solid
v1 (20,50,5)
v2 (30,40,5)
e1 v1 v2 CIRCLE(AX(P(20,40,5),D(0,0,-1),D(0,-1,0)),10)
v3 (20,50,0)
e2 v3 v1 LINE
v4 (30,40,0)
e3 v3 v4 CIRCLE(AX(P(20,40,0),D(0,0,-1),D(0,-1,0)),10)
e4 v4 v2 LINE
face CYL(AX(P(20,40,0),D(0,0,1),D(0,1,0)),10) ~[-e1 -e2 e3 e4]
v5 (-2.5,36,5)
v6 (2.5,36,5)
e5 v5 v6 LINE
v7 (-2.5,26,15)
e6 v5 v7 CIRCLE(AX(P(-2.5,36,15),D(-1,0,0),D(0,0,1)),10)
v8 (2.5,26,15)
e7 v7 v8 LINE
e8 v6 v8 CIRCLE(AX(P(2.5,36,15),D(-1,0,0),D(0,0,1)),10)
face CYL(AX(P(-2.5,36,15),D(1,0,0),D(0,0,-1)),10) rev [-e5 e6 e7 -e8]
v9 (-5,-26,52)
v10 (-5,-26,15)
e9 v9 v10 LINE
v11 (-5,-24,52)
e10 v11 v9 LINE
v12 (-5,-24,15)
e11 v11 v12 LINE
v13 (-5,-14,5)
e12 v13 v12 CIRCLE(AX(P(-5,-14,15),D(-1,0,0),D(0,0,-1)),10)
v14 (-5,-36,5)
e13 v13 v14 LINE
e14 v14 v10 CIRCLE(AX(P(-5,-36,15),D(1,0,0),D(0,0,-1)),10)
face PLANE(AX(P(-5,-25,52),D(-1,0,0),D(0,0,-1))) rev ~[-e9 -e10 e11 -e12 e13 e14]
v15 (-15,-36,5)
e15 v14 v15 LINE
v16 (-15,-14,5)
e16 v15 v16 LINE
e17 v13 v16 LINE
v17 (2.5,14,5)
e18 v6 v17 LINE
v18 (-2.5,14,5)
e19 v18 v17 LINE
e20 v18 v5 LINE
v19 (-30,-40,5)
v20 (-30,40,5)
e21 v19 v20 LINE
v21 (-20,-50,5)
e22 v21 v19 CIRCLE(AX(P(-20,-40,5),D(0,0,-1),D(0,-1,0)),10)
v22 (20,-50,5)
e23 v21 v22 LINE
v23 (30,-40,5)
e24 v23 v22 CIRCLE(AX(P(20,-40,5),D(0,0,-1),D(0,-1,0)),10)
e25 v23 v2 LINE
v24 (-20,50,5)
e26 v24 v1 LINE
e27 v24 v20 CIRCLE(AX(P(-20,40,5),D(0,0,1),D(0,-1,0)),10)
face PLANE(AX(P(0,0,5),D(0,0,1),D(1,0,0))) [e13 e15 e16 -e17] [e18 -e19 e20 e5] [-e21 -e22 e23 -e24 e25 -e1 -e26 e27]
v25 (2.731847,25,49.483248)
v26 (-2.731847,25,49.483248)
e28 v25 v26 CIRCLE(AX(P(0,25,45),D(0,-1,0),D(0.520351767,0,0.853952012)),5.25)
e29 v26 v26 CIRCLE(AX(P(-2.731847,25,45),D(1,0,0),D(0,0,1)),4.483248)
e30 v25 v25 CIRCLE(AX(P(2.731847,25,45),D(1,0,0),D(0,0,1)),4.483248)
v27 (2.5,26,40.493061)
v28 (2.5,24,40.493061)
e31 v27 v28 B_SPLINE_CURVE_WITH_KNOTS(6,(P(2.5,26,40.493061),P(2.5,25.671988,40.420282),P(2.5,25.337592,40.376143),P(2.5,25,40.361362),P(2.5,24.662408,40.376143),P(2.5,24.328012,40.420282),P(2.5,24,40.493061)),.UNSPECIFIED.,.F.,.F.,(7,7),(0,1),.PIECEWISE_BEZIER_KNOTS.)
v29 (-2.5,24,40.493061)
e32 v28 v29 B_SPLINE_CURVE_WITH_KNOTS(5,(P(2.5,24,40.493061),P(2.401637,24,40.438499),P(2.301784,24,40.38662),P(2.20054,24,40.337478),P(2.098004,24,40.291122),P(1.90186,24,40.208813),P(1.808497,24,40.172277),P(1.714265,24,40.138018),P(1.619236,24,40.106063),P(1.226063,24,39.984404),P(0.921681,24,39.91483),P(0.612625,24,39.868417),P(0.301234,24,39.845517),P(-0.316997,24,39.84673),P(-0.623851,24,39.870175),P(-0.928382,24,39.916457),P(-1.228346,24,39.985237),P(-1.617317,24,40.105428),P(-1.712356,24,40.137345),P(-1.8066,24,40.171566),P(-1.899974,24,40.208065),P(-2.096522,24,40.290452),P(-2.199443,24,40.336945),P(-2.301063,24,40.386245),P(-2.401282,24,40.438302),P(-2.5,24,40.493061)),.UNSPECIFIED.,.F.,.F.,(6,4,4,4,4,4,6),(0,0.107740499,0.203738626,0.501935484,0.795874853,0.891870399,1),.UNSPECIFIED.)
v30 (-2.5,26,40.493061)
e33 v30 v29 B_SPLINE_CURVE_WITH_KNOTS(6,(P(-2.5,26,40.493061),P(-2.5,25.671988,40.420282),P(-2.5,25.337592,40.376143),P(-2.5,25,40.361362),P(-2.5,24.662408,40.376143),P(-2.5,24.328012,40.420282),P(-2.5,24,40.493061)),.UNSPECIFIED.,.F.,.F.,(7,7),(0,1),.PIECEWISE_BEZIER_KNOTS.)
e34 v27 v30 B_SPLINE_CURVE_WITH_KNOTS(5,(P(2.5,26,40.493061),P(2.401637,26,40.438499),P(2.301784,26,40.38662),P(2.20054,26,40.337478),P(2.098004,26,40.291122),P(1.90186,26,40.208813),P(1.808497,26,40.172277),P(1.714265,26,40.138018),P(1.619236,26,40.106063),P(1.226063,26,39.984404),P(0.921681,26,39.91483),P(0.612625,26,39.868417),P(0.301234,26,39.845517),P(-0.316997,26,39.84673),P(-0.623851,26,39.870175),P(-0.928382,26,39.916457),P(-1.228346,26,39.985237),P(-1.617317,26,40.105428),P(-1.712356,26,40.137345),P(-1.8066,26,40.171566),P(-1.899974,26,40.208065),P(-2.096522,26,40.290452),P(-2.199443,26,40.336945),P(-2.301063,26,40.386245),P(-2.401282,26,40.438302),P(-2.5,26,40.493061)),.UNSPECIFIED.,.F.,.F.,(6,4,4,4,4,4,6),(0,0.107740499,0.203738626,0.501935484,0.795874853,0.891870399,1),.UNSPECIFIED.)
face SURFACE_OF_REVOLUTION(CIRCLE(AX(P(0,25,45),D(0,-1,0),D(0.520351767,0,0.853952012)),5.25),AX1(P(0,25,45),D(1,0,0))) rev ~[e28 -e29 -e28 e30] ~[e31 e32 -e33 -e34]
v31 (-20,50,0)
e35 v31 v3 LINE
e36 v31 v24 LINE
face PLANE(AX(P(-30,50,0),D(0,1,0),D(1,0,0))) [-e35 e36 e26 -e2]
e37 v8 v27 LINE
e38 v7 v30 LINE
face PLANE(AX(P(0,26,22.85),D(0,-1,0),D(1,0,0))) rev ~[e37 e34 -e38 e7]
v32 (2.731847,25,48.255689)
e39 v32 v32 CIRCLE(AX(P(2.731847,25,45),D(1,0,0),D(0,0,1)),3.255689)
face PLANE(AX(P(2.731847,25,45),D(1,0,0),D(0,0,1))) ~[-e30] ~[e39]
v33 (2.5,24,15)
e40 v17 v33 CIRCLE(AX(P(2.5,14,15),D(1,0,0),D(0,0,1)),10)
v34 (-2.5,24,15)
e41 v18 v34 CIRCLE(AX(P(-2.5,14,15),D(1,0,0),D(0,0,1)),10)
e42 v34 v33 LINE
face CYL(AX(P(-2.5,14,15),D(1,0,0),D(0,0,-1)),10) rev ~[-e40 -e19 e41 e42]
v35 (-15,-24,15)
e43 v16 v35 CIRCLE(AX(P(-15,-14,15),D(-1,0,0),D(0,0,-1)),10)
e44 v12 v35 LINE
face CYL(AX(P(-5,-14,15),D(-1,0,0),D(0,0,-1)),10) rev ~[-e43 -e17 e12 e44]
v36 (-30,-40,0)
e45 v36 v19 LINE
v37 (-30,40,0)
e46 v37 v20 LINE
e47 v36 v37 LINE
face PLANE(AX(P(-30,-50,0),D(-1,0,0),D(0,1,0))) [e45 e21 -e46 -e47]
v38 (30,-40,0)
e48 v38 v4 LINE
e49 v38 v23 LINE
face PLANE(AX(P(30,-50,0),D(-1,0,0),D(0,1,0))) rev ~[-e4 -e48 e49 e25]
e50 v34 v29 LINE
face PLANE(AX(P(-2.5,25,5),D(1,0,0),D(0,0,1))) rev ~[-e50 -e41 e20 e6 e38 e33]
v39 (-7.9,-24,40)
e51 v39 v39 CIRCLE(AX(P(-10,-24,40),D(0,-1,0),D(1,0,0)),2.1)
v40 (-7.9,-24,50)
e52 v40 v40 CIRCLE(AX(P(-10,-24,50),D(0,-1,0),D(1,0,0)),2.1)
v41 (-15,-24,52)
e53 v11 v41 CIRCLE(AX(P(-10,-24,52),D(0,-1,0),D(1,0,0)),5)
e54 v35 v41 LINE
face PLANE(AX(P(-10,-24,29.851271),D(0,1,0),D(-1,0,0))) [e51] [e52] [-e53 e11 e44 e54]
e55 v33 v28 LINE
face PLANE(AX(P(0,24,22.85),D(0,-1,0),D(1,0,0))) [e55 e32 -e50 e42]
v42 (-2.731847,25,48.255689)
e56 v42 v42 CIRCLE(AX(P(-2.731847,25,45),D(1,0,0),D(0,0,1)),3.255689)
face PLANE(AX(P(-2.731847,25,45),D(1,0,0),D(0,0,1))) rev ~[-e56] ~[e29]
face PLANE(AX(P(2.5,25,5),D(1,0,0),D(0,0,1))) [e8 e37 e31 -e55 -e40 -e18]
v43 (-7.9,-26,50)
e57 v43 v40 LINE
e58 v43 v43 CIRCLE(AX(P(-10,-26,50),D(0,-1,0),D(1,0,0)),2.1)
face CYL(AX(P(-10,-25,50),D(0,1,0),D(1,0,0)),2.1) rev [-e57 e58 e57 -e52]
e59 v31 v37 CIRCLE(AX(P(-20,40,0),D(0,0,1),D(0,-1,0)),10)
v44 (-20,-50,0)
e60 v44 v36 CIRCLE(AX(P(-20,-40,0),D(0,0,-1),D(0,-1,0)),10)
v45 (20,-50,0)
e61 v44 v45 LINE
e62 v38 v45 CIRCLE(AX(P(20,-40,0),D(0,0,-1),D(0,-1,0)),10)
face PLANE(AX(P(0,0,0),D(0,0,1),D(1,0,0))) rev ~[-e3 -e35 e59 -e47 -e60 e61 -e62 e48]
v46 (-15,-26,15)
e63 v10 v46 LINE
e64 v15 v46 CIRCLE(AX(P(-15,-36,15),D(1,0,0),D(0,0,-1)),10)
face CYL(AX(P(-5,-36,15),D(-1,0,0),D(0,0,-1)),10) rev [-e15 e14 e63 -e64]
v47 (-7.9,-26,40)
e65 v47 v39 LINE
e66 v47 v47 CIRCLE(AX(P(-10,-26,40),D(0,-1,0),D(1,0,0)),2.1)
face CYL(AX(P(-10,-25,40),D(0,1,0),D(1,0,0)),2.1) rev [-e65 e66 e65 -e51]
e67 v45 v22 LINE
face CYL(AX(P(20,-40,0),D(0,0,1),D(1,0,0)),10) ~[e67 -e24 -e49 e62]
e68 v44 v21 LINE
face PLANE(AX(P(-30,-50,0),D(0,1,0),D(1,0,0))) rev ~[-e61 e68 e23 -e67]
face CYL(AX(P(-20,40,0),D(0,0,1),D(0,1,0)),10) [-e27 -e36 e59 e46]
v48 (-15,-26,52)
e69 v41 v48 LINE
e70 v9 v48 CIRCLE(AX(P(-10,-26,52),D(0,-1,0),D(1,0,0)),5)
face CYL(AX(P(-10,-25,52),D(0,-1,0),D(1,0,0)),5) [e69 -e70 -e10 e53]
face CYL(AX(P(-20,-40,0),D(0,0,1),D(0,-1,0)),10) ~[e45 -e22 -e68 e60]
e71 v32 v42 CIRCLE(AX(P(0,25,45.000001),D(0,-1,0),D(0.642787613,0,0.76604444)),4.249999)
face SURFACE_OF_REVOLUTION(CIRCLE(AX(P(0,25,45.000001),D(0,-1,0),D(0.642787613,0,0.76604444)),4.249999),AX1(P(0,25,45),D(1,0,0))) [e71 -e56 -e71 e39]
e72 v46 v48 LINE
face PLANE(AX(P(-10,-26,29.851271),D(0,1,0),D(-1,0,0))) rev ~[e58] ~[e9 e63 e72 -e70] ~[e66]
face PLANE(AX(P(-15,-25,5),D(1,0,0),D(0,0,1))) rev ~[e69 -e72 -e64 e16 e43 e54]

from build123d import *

# Parameters (mm, degrees)
SKETCH_W     = 60
SKETCH_H     = 100
PAD_DEPTH    = 5
SKETCH001_R  = 2.1
PAD001_DEPTH = 1
SKETCH002_W  = 5
SKETCH002_H  = 35.7
PAD002_DEPTH = 1
FILLET_R     = 10
FILLET001_R  = 10
FILLET002_R  = 10


with BuildPart() as part:
    # Sketch → Pad (new body)
    with BuildSketch(Plane.XY):
        Rectangle(SKETCH_W, SKETCH_H)
    extrude(amount=PAD_DEPTH)

    # Sketch001 (on DatumPlane) → Pad001 (join, symmetric)
    with BuildSketch(Plane.XZ.offset(25)):
        with BuildLine():
            Line((-5, 52), (-5, 5))
            Line((-5, 5), (-15, 5))
            Line((-15, 5), (-15, 52))
            ThreePointArc((-5, 52), (-10, 57), (-15, 52))
        make_face()
        with Locations((-10, 50)):
            Circle(SKETCH001_R, mode=Mode.SUBTRACT)
        with Locations((-10, 40)):
            Circle(SKETCH001_R, mode=Mode.SUBTRACT)
    extrude(amount=PAD001_DEPTH, both=True)

    # Sketch002 (on DatumPlane) → Pad002 (join, symmetric)
    with BuildSketch(Plane.XZ.offset(-25)):
        with Locations((0, 22.85)):
            Rectangle(SKETCH002_W, SKETCH002_H)
    extrude(amount=PAD002_DEPTH, both=True)

    # Sketch003 (on DatumPlane) → Revolution (revolve)
    with BuildSketch(Plane.XZ.offset(-25)):
        with BuildLine():
            ThreePointArc((2.731847, 48.255689), (0, 49.25), (-2.731847, 48.255689))
            Line((-2.731847, 49.483248), (-2.731847, 48.255689))
            ThreePointArc((2.731847, 49.483248), (0, 50.25), (-2.731847, 49.483248))
            Line((2.731847, 48.255689), (2.731847, 49.483248))
        make_face()
    revolve(axis=Axis((0, 25, 45), (1, 0, 0)))

    # Fillet
    fillet_edges = [part.edges().sort_by_distance(p)[0] for p in [
        (-10, -26, 5),
        (-10, -24, 5),
    ]]
    fillet(fillet_edges, radius=FILLET_R)

    # Fillet001
    fillet001_edges = [part.edges().sort_by_distance(p)[0] for p in [
        (0, 24, 5),
        (0, 26, 5),
    ]]
    fillet(fillet001_edges, radius=FILLET001_R)

    # Fillet002
    fillet002_edges = [part.edges().sort_by_distance(p)[0] for p in [
        (-30, -50, 2.5),
        (-30, 50, 2.5),
        (30, 50, 2.5),
        (30, -50, 2.5),
    ]]
    fillet(fillet002_edges, radius=FILLET002_R)


solid = part.part
